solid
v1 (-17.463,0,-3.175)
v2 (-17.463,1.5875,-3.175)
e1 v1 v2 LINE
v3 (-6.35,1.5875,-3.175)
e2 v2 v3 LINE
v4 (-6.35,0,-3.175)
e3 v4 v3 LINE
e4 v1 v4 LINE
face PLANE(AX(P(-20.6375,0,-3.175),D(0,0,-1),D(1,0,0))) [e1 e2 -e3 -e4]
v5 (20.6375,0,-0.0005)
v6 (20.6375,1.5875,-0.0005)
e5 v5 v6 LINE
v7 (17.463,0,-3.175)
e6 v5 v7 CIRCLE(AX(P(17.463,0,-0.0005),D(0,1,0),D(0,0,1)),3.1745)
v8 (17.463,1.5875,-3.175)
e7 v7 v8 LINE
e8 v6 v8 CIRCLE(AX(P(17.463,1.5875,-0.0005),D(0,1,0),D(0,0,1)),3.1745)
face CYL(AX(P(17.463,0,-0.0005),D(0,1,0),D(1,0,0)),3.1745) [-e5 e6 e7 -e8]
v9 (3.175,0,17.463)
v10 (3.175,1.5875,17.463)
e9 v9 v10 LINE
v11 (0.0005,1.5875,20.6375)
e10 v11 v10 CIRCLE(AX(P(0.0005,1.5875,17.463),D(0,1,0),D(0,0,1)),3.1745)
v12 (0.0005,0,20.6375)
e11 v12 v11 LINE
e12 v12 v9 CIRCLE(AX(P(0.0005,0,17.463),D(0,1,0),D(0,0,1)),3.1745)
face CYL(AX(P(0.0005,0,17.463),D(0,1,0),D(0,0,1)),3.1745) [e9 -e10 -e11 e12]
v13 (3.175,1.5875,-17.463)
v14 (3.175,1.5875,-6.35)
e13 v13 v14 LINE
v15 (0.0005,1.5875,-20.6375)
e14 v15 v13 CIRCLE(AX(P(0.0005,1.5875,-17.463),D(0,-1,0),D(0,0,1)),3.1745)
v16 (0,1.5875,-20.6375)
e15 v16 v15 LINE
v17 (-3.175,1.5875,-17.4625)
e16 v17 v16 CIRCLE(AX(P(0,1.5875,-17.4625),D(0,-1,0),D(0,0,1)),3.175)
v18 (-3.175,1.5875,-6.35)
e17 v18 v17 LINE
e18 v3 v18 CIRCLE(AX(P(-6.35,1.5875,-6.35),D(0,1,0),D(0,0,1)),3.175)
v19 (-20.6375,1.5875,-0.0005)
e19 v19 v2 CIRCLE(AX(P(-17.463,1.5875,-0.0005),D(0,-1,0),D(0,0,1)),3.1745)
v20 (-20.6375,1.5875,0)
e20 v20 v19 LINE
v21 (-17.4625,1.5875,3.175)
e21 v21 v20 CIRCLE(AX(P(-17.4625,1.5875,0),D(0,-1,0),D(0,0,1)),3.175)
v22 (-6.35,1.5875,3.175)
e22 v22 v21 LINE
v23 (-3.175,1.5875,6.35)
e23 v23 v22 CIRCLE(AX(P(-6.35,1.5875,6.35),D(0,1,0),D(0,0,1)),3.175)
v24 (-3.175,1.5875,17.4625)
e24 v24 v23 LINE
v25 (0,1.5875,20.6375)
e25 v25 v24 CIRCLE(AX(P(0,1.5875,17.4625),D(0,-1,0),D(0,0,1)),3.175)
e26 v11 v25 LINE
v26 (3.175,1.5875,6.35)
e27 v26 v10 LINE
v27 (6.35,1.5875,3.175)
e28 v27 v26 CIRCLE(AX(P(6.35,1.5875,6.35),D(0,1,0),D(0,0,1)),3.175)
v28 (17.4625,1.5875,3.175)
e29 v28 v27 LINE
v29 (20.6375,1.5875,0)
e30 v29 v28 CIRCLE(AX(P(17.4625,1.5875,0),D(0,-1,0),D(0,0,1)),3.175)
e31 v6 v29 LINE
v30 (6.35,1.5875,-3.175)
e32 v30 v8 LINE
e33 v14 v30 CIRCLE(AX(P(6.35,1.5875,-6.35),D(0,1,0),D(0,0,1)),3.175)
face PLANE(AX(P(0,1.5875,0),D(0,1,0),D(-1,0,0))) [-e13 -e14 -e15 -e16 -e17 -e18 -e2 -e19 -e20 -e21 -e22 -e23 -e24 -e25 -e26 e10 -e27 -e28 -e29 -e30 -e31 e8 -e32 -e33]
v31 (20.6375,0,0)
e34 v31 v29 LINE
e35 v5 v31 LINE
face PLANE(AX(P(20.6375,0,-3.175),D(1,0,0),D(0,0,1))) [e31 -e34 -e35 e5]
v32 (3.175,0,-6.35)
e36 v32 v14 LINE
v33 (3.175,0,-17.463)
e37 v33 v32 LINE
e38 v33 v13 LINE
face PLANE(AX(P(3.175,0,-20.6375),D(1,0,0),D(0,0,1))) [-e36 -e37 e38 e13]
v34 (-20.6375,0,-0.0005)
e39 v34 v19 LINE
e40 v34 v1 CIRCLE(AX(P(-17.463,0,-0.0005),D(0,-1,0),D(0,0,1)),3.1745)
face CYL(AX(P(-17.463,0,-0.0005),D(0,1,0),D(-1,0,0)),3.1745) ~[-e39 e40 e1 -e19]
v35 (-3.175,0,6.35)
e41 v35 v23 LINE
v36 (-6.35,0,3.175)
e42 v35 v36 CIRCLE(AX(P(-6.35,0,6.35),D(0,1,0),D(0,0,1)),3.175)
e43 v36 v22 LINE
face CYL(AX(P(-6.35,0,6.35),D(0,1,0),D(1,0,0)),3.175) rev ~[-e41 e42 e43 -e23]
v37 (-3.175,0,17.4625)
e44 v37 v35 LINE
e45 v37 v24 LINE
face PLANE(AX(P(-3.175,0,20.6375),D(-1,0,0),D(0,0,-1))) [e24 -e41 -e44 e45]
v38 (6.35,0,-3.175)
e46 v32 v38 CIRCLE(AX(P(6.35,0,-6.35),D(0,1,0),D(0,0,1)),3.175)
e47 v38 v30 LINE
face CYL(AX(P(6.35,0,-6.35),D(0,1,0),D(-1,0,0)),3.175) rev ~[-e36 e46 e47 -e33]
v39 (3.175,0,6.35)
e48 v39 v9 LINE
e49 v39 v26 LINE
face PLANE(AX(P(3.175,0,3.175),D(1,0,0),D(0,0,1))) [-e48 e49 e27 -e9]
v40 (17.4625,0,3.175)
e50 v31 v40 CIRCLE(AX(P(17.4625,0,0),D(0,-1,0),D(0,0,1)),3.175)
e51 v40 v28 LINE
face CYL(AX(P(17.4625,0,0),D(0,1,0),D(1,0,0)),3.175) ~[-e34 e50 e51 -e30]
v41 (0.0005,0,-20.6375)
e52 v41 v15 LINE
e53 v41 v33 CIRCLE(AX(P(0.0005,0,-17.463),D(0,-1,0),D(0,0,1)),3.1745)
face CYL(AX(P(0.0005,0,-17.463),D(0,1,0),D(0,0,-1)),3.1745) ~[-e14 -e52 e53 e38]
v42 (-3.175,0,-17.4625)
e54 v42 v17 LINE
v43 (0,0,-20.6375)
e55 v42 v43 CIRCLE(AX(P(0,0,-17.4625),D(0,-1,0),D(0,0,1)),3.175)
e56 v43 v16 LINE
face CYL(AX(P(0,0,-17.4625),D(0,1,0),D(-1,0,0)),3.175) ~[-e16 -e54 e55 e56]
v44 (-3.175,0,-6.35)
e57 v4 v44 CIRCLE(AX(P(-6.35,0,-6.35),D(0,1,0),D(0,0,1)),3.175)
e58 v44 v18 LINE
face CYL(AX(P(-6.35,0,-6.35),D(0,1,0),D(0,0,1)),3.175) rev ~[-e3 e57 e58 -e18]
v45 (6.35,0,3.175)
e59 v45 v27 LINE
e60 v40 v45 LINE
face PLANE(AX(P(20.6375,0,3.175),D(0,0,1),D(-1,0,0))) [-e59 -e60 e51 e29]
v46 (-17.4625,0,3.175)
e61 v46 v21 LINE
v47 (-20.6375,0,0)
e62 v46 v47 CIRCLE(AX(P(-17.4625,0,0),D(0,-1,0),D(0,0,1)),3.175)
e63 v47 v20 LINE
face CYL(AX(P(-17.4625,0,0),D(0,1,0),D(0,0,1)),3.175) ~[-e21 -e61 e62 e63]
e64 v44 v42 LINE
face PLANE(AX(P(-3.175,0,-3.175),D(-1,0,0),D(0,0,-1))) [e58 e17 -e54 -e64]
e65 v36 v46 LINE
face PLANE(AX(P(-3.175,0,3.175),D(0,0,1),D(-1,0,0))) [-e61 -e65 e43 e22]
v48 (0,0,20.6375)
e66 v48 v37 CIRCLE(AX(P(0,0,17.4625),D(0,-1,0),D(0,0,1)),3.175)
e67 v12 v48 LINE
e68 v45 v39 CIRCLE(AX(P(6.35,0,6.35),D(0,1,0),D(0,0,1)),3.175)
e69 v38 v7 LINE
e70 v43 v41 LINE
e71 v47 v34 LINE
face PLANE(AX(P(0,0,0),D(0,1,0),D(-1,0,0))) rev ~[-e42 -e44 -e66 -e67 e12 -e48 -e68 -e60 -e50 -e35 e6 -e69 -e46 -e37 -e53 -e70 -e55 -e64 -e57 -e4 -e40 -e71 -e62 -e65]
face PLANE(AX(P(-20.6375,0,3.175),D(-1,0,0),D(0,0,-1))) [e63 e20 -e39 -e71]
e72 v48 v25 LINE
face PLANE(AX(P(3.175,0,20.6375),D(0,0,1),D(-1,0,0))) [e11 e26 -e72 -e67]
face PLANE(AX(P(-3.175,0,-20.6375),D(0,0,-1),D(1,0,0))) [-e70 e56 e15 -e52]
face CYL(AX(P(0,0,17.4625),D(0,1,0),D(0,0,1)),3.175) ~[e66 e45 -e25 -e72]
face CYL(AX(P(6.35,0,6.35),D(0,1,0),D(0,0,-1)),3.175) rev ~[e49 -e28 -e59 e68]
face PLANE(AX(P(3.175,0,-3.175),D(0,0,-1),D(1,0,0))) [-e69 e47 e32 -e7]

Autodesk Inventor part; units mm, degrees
ref_plane "YZ Plane" through (0, 0, 0) normal (1, 0, 0) x (0, 1, 0)
ref_plane "XZ Plane" through (0, 0, 0) normal (0, 1, 0) x (-1, 0, 0)
ref_plane "XY Plane" through (0, 0, 0) normal (0, 0, 1) x (1, 0, 0)
sketch "Sketch3" plane through (0, 0, 0) normal (0, 1, 0) x (-1, 0, 0)
  line L0 (-3.175, 3.175) -> (-3.175, 20.6375)
  line L1 (-3.175, 20.6375) -> (3.175, 20.6375)
  line L2 (3.175, 20.6375) -> (3.175, 3.175)
  line L3 (3.175, 3.175) -> (20.6375, 3.175)
  line L4 (20.6375, 3.175) -> (20.6375, -3.175)
  line L5 (20.6375, -3.175) -> (3.175, -3.175)
  line L6 (3.175, -3.175) -> (3.175, -20.6375)
  line L7 (3.175, -20.6375) -> (-3.175, -20.6375)
  line L8 (-3.175, -20.6375) -> (-3.175, -3.175)
  line L9 (-3.175, -3.175) -> (-20.6375, -3.175)
  line L10 (-20.6375, -3.175) -> (-20.6375, 3.175)
  line L11 (-20.6375, 3.175) -> (-3.175, 3.175)
  line L12 (0, 0) -> (2.5051, 0)
  line L13 (0, 0) -> (0, 2.7764)
  line L14 (0, 0) -> (2.5118, 2.5118)
  dimension "d17" = 45
  dimension "d18" = 6.35
  dimension "d19" = 20.6375
  dimension "d20" = 20.6375
extrude "Extrusion1" add sketch "Sketch3" along normal blind 1.5875
fillet "Fillet1" radius 3.175 1 edges at (-3.175, 0.7937, 20.6375)
fillet "Fillet2" radius 3.175 1 edges at (3.175, 0.7937, 20.6375)
fillet "Fillet3" radius 3.175 1 edges at (-20.6375, 0.7937, 3.175)
fillet "Fillet4" radius 3.175 1 edges at (-20.6375, 0.7937, -3.175)
fillet "Fillet5" radius 3.175 1 edges at (-3.175, 0.7937, -20.6375)
fillet "Fillet6" radius 3.175 1 edges at (3.175, 0.7937, -20.6375)
fillet "Fillet7" radius 3.175 1 edges at (20.6375, 0.7937, 3.175)
fillet "Fillet8" radius 3.175 1 edges at (20.6375, 0.7937, -3.175)
fillet "Fillet9" radius 3.175 1 edges at (3.175, 0.7937, 3.175)
fillet "Fillet10" radius 3.175 1 edges at (-3.175, 0.7937, 3.175)
fillet "Fillet11" radius 3.175 1 edges at (-3.175, 0.7937, -3.175)
fillet "Fillet12" radius 3.175 1 edges at (3.175, 0.7937, -3.175)
equation "\"d19\" = d20"
properties part number "MotorBottom"
